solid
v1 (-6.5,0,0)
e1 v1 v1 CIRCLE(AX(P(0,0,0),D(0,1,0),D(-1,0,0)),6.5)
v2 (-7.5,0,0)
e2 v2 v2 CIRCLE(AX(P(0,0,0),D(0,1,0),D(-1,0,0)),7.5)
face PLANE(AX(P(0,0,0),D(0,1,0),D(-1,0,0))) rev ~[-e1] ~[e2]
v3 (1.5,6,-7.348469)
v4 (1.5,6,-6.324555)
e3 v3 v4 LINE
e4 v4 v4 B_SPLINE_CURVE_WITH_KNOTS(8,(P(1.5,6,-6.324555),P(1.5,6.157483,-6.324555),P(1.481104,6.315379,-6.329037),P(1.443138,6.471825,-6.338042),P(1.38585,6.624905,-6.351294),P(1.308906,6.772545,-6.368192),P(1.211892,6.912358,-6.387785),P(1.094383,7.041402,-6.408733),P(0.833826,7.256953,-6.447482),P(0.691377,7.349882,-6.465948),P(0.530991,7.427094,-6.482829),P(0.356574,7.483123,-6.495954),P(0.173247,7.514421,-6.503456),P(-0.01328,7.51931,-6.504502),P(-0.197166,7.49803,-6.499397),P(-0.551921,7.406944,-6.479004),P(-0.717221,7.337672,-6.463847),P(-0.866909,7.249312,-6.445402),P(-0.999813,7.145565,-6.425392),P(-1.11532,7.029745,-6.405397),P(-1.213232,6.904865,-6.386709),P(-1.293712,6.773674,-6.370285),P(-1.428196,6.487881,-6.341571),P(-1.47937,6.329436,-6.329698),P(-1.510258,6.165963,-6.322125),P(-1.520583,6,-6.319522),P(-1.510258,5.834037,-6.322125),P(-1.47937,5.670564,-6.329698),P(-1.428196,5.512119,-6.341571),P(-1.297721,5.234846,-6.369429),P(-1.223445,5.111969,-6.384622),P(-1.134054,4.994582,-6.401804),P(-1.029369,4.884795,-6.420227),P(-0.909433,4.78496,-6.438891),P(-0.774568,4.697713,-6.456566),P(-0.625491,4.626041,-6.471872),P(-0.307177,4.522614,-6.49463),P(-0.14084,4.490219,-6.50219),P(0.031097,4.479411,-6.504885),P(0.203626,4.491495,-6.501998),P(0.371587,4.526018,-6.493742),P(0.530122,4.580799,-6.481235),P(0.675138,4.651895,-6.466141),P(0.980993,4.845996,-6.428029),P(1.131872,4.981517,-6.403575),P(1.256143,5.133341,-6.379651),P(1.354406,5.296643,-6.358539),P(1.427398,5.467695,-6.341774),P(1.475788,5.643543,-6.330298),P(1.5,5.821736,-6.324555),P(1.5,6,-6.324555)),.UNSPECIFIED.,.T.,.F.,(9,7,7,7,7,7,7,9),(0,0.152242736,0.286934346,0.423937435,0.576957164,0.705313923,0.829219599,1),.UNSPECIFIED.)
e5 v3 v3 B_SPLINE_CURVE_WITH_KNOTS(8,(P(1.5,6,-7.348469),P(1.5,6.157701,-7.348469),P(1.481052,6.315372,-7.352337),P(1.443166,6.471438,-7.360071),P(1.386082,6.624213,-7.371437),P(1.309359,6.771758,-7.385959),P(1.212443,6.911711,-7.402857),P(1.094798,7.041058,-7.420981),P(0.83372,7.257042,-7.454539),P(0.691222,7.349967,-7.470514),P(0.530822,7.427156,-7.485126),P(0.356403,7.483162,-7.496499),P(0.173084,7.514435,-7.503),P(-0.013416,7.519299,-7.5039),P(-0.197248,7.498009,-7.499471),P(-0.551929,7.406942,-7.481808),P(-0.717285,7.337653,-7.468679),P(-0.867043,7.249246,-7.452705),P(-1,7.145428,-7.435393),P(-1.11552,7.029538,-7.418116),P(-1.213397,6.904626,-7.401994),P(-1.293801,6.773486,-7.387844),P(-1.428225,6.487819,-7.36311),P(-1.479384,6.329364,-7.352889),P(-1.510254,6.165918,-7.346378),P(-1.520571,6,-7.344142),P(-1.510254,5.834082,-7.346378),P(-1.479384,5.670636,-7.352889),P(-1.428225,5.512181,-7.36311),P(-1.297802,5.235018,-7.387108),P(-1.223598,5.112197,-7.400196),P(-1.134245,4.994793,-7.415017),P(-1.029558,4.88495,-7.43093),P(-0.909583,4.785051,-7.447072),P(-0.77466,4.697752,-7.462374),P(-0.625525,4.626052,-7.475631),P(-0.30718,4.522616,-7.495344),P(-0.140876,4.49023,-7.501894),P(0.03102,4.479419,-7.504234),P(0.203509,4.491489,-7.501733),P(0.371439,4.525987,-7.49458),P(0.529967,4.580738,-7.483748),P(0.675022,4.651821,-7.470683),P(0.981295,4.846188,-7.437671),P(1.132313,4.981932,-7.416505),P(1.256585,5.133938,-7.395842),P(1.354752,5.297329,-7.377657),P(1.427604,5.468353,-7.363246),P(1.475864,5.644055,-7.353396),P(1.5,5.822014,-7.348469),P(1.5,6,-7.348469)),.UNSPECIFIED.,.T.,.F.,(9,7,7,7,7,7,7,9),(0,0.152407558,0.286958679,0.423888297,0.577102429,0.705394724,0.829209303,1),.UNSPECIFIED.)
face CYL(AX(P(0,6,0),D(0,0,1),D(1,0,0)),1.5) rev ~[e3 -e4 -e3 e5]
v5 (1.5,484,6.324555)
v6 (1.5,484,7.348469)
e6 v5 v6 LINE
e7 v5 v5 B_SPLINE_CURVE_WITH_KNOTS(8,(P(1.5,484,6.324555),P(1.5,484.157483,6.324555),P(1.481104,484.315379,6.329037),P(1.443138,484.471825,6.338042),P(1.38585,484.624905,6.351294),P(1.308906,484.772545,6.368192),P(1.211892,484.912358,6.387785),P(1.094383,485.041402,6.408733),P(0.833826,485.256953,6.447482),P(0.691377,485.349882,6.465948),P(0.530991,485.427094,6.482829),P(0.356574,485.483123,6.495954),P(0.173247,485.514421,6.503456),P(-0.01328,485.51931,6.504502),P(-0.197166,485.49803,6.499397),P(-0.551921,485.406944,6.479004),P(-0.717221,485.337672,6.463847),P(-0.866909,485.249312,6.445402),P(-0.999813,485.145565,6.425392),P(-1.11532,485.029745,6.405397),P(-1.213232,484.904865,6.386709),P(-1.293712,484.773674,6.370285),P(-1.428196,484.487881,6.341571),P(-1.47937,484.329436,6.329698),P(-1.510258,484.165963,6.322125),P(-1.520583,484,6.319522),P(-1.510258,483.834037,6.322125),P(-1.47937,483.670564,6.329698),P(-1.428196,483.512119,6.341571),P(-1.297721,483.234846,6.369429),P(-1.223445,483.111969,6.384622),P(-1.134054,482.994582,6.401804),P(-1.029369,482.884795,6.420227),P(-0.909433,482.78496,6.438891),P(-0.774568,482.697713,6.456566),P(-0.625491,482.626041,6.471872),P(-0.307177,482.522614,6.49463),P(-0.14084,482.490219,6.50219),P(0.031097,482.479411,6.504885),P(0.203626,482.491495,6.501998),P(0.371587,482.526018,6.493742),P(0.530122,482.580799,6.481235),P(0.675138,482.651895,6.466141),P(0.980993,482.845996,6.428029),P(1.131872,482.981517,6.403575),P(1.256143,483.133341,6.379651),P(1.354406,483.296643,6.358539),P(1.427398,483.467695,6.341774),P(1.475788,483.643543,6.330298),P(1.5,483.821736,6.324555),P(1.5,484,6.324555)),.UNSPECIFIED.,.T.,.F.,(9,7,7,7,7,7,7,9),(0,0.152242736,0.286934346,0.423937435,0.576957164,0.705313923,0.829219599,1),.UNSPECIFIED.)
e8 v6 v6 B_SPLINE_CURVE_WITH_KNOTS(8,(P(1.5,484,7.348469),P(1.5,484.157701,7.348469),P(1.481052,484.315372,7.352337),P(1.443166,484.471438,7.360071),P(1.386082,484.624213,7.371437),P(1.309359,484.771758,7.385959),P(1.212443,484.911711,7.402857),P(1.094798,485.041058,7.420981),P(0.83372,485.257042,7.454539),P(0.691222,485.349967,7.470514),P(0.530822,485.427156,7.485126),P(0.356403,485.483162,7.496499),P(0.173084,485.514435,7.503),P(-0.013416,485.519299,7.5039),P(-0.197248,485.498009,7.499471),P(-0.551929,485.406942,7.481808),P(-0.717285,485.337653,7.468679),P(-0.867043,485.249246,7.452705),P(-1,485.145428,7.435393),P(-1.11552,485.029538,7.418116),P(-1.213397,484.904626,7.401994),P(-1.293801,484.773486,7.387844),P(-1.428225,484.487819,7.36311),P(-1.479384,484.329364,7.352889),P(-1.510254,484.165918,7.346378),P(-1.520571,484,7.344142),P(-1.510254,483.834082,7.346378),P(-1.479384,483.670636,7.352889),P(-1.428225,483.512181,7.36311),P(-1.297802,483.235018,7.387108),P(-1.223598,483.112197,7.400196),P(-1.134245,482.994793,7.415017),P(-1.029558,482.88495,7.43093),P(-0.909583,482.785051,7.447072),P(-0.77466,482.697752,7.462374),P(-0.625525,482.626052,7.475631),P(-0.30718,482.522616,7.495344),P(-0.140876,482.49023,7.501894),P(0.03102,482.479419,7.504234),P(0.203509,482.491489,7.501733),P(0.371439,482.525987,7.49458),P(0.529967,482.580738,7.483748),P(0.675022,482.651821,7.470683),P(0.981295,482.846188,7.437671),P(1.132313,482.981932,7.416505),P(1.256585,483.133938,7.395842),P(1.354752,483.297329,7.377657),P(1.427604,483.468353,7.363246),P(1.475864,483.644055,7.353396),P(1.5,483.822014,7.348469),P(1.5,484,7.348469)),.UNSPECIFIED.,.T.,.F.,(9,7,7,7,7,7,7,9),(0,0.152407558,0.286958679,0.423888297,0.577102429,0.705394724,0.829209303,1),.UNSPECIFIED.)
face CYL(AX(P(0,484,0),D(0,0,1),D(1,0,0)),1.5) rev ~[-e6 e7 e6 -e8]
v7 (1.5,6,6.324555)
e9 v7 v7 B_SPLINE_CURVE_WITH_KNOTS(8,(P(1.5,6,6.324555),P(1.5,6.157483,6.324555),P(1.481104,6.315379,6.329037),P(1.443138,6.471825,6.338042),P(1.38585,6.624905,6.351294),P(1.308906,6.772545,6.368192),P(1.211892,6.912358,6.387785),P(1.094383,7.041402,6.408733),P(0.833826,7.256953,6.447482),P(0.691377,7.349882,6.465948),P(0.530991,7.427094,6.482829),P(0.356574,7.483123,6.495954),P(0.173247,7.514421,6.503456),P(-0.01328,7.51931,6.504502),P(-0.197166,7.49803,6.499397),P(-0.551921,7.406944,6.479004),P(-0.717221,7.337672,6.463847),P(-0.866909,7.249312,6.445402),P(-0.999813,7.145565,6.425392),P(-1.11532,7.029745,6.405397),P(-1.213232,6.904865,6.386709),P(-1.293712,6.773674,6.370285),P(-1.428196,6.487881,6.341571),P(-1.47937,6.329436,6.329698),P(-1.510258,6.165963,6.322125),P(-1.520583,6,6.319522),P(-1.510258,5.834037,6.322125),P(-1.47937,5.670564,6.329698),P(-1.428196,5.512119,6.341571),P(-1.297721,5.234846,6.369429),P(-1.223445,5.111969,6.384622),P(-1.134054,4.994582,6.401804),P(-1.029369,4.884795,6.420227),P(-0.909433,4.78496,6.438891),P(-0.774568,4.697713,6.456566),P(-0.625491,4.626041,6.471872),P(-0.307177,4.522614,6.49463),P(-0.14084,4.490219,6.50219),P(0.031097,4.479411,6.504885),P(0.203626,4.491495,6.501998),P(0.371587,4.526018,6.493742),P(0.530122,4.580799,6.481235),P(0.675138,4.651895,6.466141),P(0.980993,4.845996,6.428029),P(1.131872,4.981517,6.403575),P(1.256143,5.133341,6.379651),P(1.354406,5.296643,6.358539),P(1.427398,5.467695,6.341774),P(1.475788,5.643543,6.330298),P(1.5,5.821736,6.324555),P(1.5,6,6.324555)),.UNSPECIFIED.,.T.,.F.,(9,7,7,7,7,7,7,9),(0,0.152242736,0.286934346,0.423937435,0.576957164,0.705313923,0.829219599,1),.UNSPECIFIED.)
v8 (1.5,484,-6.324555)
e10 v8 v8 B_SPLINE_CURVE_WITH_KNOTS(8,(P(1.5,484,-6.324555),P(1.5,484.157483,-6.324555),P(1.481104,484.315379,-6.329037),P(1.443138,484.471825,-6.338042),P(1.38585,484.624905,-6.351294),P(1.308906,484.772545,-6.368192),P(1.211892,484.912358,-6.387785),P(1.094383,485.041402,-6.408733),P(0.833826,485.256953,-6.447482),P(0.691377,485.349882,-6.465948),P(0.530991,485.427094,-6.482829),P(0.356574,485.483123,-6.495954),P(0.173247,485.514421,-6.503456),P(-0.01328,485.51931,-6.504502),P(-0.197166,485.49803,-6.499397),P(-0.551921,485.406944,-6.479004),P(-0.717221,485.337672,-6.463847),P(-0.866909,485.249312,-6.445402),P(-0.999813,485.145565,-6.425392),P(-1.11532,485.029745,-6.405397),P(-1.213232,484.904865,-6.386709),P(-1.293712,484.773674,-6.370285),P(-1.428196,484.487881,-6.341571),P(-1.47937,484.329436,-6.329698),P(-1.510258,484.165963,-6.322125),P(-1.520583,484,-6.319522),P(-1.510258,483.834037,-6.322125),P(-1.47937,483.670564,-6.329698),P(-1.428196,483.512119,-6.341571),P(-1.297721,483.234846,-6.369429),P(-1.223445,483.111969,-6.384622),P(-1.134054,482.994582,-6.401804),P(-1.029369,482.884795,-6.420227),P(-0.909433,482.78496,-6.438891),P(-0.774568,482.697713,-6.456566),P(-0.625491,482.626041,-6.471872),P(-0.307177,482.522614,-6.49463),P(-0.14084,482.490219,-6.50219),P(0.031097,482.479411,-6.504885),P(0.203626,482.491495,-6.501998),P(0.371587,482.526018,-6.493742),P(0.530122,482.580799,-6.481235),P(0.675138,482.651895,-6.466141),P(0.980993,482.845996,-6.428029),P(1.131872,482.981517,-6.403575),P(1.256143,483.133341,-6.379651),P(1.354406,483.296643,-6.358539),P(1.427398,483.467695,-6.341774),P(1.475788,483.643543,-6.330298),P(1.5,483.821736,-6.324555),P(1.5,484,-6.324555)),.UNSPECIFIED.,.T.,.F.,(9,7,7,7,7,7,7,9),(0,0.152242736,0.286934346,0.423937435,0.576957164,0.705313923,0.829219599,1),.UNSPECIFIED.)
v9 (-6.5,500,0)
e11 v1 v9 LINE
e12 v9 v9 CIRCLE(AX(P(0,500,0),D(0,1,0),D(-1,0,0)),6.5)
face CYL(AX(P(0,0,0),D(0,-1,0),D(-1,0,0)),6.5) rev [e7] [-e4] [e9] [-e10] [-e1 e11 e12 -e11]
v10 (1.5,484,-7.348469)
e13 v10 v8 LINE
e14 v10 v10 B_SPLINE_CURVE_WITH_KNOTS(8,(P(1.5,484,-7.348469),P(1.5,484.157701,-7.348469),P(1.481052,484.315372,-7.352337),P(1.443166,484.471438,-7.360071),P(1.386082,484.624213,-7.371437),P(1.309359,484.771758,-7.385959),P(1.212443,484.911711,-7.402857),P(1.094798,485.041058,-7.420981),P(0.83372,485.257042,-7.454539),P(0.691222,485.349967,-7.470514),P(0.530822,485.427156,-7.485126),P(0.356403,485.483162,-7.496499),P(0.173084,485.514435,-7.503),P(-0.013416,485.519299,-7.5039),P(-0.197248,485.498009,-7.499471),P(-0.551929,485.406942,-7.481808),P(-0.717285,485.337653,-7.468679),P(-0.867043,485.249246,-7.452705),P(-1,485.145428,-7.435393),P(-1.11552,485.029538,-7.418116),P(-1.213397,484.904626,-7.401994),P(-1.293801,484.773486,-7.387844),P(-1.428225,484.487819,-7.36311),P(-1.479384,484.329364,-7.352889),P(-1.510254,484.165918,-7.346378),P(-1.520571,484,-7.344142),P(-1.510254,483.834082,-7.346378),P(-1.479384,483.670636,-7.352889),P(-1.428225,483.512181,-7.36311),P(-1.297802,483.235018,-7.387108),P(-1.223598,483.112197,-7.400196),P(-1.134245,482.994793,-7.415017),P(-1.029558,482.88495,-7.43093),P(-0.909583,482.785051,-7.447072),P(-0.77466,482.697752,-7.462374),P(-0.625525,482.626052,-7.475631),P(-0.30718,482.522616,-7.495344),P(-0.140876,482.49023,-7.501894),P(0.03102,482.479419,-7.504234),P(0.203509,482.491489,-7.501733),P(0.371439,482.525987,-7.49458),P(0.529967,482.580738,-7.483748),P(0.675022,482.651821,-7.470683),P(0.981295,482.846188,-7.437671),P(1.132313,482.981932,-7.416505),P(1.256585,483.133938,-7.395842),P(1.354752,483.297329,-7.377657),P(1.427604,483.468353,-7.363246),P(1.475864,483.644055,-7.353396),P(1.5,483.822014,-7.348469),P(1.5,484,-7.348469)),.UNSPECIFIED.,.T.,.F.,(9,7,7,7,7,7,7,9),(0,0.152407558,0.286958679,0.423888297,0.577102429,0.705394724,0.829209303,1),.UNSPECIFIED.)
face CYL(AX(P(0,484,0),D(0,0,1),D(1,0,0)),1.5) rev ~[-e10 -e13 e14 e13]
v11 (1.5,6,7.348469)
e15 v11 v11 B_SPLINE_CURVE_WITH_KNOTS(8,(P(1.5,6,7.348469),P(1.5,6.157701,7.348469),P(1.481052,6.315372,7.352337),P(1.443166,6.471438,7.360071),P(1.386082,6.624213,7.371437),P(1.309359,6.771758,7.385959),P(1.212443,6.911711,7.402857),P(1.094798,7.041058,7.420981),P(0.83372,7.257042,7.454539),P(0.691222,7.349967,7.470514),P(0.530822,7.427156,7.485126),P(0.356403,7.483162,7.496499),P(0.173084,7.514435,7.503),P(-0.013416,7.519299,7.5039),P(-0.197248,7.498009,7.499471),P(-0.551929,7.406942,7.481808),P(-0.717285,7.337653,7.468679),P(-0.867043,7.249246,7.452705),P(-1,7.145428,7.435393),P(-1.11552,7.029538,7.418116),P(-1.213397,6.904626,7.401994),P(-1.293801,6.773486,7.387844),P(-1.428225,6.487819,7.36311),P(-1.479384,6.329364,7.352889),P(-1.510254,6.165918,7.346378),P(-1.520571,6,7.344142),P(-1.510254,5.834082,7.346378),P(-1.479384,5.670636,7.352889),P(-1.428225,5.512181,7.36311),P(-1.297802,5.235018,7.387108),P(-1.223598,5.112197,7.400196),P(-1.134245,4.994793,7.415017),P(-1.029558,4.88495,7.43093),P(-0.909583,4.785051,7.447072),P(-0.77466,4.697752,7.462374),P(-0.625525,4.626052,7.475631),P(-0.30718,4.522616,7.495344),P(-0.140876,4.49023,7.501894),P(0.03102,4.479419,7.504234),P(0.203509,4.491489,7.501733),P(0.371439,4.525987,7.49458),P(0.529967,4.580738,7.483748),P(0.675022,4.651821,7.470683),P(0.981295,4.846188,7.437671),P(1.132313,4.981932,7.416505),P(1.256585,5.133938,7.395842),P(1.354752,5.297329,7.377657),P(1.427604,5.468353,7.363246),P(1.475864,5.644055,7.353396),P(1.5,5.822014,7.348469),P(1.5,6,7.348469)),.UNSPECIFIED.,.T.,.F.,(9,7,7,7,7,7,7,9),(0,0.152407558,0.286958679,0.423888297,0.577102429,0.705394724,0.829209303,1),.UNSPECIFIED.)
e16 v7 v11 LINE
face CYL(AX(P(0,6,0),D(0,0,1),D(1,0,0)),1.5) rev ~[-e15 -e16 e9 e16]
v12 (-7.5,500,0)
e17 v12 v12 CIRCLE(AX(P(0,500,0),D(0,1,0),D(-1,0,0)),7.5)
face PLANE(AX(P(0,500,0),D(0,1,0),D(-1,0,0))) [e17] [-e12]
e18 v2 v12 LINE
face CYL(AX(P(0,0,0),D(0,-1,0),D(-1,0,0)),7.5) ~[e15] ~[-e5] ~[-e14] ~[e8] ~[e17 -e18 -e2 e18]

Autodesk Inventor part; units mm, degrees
ref_plane "YZ Plane" through (0, 0, 0) normal (1, 0, 0) x (0, 1, 0)
ref_plane "XZ Plane" through (0, 0, 0) normal (0, 1, 0) x (-1, 0, 0)
ref_plane "XY Plane" through (0, 0, 0) normal (0, 0, 1) x (1, 0, 0)
sketch "Sketch2" plane through (0, 0, 0) normal (0, 1, 0) x (-1, 0, 0)
  circle A0 centre (0, 0) radius 7.5
  circle A1 centre (0, 0) radius 6.5
  dimension "d91" = 15
  dimension "d92" = 13
extrude "Extrusion5" add sketch "Sketch2" along normal blind 500
sketch "Sketch3" plane through (0, 0, 0) normal (0, 0, 1) x (1, 0, 0)
  line L0 (0, 0) -> (0, 6)
  circle A0 centre (0, 6) radius 1.5
  line L1 (7.5, 500) -> (-7.5, 500) projected
  line L2 (0, 500) -> (0, 484)
  circle A1 centre (0, 484) radius 1.5
  dimension "d95" = 6
  dimension "d96" = 3
  dimension "d101" = 16
  dimension "d102" = 3
extrude "Extrusion6" cut sketch "Sketch3" along normal blind 20 and the other way blind 10
properties part number "airfoil"
